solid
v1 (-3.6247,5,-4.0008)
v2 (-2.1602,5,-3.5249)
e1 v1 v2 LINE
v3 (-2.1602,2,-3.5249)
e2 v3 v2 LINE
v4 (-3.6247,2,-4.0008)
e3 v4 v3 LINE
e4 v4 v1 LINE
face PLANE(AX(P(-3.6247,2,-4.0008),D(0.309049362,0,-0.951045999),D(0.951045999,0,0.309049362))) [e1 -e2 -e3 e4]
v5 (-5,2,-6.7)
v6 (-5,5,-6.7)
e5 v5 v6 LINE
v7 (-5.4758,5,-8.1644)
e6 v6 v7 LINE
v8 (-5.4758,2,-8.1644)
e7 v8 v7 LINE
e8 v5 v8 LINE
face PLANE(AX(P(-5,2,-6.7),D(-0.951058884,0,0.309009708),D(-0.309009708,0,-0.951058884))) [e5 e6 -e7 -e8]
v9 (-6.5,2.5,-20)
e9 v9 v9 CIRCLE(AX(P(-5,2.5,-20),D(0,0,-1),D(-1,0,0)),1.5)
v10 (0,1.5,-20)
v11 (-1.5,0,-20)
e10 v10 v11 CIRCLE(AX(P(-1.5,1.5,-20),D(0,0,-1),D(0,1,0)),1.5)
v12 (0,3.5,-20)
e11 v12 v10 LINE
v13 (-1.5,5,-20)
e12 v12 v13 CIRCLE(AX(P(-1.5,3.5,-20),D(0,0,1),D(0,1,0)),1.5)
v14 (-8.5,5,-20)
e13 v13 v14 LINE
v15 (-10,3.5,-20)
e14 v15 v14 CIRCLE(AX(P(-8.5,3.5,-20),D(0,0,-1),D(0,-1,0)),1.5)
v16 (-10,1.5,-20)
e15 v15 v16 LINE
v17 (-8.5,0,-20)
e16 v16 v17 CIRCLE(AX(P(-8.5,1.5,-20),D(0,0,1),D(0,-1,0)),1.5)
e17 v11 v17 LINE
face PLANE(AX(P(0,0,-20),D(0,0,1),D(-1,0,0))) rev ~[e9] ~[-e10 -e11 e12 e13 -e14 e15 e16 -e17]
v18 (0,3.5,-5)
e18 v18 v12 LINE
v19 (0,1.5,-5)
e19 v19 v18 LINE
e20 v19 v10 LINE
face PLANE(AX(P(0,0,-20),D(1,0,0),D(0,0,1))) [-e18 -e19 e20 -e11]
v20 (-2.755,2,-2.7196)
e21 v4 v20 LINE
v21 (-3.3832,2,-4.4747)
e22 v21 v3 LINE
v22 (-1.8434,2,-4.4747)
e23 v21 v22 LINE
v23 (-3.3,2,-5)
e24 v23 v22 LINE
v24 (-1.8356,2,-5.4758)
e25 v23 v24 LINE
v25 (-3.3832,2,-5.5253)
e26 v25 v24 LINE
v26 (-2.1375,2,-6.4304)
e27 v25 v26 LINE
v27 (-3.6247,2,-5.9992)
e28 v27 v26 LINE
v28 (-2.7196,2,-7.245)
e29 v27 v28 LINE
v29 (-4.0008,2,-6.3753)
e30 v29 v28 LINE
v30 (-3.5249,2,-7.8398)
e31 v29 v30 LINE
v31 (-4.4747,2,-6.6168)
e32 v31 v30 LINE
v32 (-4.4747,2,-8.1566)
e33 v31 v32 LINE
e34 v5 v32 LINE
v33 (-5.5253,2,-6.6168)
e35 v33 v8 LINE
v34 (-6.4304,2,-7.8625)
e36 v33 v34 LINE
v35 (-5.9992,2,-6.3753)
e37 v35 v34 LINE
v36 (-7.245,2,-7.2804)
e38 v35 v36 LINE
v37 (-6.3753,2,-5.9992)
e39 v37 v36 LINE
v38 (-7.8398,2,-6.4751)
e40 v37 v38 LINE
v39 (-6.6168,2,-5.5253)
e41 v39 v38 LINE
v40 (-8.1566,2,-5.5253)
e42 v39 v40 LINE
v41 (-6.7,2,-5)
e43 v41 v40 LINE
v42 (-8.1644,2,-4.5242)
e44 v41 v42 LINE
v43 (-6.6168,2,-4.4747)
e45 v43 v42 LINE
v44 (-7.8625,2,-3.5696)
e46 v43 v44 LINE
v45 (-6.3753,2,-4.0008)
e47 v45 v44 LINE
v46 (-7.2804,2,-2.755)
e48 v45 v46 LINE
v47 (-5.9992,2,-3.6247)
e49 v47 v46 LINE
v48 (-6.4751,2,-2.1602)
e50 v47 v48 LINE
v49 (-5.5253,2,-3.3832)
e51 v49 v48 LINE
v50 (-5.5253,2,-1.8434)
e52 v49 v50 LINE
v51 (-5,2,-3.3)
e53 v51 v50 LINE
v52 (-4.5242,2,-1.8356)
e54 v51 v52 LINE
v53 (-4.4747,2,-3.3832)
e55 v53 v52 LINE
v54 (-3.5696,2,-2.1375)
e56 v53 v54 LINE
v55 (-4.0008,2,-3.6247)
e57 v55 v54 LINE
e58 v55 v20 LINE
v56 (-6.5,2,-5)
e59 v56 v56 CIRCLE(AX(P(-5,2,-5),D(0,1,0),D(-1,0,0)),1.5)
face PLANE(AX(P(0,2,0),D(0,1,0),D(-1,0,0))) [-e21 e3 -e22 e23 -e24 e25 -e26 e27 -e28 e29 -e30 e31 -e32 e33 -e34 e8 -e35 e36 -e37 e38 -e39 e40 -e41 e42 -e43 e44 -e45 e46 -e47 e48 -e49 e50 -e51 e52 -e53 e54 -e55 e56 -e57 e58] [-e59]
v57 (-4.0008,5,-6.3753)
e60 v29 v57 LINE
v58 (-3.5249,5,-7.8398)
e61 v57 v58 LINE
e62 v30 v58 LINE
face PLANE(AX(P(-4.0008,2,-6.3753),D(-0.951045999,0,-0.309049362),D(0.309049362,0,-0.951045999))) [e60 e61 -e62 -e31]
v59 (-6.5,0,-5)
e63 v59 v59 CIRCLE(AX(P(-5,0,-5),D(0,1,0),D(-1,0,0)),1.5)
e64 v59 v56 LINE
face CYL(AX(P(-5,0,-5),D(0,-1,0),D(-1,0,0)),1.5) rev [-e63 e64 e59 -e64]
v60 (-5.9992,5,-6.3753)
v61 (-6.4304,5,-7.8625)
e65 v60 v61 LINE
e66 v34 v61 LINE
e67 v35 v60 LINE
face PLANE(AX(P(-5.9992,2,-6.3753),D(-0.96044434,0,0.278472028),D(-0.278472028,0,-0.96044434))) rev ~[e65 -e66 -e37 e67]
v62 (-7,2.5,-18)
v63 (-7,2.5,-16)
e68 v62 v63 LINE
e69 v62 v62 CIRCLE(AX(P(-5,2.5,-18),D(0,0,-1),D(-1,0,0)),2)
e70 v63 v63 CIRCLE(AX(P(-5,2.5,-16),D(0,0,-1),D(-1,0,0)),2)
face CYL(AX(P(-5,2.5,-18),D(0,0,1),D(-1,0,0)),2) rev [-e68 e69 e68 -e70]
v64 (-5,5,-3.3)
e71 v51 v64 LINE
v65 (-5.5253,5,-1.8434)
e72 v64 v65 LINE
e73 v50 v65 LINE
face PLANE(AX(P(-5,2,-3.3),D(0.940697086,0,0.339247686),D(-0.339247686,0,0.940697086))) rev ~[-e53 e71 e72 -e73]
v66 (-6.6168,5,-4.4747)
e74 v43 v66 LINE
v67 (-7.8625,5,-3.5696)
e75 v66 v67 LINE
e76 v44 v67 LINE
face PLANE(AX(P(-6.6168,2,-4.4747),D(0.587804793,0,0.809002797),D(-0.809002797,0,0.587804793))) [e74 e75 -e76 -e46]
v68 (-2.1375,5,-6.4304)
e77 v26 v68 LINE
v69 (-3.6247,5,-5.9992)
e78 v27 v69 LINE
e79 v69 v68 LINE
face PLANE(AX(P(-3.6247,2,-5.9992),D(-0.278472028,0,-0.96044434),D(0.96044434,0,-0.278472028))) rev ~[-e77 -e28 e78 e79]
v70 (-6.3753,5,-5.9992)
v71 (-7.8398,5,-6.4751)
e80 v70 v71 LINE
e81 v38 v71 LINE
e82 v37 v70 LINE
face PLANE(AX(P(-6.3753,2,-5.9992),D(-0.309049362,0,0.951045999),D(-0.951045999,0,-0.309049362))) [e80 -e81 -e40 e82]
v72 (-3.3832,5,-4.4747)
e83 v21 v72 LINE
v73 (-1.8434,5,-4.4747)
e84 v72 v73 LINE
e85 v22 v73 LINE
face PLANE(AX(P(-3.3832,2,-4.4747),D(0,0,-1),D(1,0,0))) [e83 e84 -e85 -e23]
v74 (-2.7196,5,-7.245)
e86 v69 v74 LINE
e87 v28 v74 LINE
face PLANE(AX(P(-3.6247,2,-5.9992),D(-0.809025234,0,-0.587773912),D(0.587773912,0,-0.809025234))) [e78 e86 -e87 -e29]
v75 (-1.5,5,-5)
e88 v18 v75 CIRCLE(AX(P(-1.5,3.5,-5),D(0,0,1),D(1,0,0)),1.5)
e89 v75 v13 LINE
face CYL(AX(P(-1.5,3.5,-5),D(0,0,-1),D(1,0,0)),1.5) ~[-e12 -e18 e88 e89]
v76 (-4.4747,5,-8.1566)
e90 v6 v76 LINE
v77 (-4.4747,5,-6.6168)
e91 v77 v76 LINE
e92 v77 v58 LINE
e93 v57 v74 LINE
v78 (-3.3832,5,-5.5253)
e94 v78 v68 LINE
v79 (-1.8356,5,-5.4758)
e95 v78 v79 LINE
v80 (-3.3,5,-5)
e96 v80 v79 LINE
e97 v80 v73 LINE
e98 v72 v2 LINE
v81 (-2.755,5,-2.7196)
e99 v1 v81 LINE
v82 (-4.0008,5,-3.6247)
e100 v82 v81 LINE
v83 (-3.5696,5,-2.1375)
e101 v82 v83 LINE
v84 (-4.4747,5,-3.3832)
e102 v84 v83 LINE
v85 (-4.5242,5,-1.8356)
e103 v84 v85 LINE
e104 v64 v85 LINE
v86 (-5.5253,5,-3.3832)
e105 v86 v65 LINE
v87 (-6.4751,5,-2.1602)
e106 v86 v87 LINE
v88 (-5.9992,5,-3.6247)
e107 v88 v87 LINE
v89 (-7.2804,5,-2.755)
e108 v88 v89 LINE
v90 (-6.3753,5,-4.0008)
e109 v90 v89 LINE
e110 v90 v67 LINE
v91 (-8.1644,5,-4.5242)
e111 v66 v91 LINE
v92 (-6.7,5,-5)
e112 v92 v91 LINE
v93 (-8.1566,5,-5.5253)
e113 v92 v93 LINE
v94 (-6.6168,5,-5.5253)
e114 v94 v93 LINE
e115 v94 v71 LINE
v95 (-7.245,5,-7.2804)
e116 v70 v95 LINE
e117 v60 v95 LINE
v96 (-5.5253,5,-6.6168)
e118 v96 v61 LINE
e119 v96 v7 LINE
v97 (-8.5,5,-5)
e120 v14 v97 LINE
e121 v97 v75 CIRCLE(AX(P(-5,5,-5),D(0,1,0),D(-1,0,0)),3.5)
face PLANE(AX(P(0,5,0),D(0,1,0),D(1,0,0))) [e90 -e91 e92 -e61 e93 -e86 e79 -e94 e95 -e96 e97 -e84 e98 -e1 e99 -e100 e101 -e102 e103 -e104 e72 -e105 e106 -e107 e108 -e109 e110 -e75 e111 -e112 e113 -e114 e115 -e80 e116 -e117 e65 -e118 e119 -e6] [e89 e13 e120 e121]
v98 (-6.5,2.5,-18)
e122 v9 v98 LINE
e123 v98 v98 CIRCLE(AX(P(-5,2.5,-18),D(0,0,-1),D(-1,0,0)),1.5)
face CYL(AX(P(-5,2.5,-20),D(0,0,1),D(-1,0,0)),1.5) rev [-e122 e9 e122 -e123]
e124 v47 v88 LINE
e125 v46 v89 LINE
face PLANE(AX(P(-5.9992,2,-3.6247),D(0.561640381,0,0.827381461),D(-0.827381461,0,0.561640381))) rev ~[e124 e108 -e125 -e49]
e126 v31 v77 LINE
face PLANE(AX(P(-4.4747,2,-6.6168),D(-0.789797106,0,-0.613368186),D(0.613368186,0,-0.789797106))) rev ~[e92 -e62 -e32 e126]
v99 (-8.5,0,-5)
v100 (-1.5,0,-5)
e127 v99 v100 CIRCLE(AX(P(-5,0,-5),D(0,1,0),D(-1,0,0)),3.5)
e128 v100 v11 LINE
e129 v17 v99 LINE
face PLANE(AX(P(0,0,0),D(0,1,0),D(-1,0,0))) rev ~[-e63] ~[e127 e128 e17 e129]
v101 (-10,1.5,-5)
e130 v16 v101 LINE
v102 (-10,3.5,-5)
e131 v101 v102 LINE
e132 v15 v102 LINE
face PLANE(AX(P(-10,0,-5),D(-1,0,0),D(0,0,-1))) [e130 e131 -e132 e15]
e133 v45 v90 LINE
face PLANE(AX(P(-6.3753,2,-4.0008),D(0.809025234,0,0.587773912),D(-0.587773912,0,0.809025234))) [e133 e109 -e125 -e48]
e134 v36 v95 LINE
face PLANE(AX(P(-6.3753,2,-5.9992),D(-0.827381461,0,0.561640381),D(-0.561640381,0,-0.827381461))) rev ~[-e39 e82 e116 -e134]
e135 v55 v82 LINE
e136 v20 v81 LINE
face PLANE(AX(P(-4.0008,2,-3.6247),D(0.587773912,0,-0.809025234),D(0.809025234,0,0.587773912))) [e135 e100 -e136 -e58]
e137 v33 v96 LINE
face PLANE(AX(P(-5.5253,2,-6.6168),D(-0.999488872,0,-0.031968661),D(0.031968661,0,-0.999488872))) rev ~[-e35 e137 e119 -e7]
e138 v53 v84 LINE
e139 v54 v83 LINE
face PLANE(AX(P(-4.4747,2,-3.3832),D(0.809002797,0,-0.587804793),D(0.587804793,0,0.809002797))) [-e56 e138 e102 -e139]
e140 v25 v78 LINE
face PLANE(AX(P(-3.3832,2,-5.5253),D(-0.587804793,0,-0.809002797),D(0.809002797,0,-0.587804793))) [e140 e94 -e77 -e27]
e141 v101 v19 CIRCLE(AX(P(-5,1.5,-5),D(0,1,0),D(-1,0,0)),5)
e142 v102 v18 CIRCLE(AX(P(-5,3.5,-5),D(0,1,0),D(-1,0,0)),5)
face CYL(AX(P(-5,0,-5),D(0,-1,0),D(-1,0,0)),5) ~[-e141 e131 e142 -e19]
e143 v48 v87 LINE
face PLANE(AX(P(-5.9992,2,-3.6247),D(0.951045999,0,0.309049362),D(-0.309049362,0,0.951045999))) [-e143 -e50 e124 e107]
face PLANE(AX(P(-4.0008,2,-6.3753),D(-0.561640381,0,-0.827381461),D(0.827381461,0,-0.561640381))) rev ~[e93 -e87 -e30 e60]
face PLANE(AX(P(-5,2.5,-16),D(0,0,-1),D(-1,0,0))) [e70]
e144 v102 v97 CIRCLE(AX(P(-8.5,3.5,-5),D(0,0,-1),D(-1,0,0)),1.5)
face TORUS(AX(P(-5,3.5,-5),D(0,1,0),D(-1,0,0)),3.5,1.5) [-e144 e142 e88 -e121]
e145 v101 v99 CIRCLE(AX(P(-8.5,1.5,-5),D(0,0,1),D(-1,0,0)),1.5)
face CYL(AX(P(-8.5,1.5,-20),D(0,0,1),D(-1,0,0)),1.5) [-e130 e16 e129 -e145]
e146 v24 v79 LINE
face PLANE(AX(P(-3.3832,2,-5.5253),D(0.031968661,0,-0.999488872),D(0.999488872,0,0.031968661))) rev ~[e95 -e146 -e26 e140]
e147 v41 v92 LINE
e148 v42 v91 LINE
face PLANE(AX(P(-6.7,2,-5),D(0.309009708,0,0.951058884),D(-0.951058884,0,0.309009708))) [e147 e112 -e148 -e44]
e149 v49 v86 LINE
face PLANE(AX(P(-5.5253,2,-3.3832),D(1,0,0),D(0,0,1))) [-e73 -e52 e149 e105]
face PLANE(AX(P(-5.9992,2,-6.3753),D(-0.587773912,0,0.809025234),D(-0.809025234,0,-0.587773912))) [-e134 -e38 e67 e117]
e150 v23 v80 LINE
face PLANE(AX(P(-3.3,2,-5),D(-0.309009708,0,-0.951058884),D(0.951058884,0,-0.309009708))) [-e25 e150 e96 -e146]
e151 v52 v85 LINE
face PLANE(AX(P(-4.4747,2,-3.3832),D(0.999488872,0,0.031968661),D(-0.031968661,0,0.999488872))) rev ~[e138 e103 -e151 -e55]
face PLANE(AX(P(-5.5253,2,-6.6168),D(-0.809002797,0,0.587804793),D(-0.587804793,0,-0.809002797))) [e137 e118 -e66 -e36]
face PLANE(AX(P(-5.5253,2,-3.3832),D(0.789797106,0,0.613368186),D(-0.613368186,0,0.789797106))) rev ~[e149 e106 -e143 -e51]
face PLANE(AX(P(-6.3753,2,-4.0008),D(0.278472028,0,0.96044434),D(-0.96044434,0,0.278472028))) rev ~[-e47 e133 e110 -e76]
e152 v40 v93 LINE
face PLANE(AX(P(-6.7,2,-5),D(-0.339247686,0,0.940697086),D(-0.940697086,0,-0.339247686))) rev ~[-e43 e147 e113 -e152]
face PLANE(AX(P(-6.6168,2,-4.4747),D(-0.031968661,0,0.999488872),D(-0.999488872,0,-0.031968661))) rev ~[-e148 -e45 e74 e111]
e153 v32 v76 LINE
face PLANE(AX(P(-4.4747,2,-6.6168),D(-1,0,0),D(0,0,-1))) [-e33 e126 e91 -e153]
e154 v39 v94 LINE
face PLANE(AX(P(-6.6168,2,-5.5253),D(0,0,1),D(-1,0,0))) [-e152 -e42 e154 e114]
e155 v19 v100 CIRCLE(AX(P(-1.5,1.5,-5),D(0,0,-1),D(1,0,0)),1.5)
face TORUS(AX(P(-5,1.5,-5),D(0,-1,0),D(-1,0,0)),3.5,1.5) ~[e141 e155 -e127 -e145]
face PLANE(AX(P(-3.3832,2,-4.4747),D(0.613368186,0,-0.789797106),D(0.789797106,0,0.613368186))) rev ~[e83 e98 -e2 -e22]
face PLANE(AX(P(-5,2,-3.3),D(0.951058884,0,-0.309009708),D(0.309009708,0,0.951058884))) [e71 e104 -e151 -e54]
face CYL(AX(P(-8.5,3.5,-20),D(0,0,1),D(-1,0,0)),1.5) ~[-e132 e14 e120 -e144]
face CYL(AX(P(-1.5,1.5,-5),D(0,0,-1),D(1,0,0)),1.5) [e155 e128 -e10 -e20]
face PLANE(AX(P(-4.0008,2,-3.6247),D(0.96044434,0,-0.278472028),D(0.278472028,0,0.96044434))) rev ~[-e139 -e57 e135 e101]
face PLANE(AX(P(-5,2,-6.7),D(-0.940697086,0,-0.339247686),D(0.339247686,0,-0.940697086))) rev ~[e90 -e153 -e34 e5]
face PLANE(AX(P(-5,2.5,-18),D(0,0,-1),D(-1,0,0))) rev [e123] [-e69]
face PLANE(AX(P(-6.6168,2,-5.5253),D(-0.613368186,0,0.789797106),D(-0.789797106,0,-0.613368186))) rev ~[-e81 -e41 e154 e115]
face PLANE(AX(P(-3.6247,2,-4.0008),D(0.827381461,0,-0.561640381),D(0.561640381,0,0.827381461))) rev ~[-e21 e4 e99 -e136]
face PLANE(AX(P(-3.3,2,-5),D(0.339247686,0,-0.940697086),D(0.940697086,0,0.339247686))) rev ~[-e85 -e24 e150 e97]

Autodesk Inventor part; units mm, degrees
ref_plane "YZ Plane" through (0, 0, 0) normal (1, 0, 0) x (0, 1, 0)
ref_plane "XZ Plane" through (0, 0, 0) normal (0, 1, 0) x (-1, 0, 0)
sketch "Horn Base Profile" plane through (0, 0, 0) normal (0, 1, 0) x (-1, 0, 0)
  line L0 (0, 0) -> (10, 0) construction
  line L1 (10, 0) -> (10, -20) construction
  line L2 (10, -20) -> (0, -20) construction
  line L3 (0, -20) -> (0, 0) construction
  arc A0 (10, -5) -> (0, -5) centre (5, -5) ccw
  line L4 (10, -5) -> (10, -20)
  line L5 (0, -20) -> (10, -20)
  line L6 (0, -20) -> (0, -5)
  circle A1 centre (5, -5) radius 1.5
  dimension "d0" = 10
  dimension "d1" = 20
  dimension "d2" = 3
extrude "Horn Base" add sketch "Horn Base Profile" along normal blind 2
sketch "Spline Profile" plane through (0, 2, 0) normal (0, 1, 0) x (1, 0, 0)
  line L0 (-10, 20) -> (-10, 5) projected
  arc A0 (-10, 5) -> (0, 5) centre (-5, 5) ccw projected
  line L1 (0, 5) -> (0, 20) projected
  line L2 (0, 20) -> (-10, 20) projected
  circle A1 centre (-5, 5) radius 1.7 construction
  circle A2 centre (-5, 5) radius 3.2 construction
  line L3 (-5, 5) -> (-5, 3.3) construction
  line L4 (-5, 5) -> (-5.5253, 3.3832) construction
  line L5 (-5, 3.3) -> (-5.5253, 1.8434)
  line L6 (-5.5253, 3.3832) -> (-5.5253, 1.8434)
  line L7 (-4.4747, 3.3832) -> (-4.5242, 1.8356)
  line L8 (-5, 3.3) -> (-4.5242, 1.8356)
  line L9 (-4.0008, 3.6247) -> (-3.5696, 2.1375)
  line L10 (-4.4747, 3.3832) -> (-3.5696, 2.1375)
  line L11 (-3.6247, 4.0008) -> (-2.755, 2.7196)
  line L12 (-4.0008, 3.6247) -> (-2.755, 2.7196)
  line L13 (-3.3832, 4.4747) -> (-2.1602, 3.5249)
  line L14 (-3.6247, 4.0008) -> (-2.1602, 3.5249)
  line L15 (-3.3, 5) -> (-1.8434, 4.4747)
  line L16 (-3.3832, 4.4747) -> (-1.8434, 4.4747)
  line L17 (-3.3832, 5.5253) -> (-1.8356, 5.4758)
  line L18 (-3.3, 5) -> (-1.8356, 5.4758)
  line L19 (-3.6247, 5.9992) -> (-2.1375, 6.4304)
  line L20 (-3.3832, 5.5253) -> (-2.1375, 6.4304)
  line L21 (-4.0008, 6.3753) -> (-2.7196, 7.245)
  line L22 (-3.6247, 5.9992) -> (-2.7196, 7.245)
  line L23 (-4.4747, 6.6168) -> (-3.5249, 7.8398)
  line L24 (-4.0008, 6.3753) -> (-3.5249, 7.8398)
  line L25 (-5, 6.7) -> (-4.4747, 8.1566)
  line L26 (-4.4747, 6.6168) -> (-4.4747, 8.1566)
  line L27 (-5.5253, 6.6168) -> (-5.4758, 8.1644)
  line L28 (-5, 6.7) -> (-5.4758, 8.1644)
  line L29 (-5.9992, 6.3753) -> (-6.4304, 7.8625)
  line L30 (-5.5253, 6.6168) -> (-6.4304, 7.8625)
  line L31 (-6.3753, 5.9992) -> (-7.245, 7.2804)
  line L32 (-5.9992, 6.3753) -> (-7.245, 7.2804)
  line L33 (-6.6168, 5.5253) -> (-7.8398, 6.4751)
  line L34 (-6.3753, 5.9992) -> (-7.8398, 6.4751)
  line L35 (-6.7, 5) -> (-8.1566, 5.5253)
  line L36 (-6.6168, 5.5253) -> (-8.1566, 5.5253)
  line L37 (-6.6168, 4.4747) -> (-8.1644, 4.5242)
  line L38 (-6.7, 5) -> (-8.1644, 4.5242)
  line L39 (-6.3753, 4.0008) -> (-7.8625, 3.5696)
  line L40 (-6.6168, 4.4747) -> (-7.8625, 3.5696)
  line L41 (-5.9992, 3.6247) -> (-7.2804, 2.755)
  line L42 (-6.3753, 4.0008) -> (-7.2804, 2.755)
  line L43 (-5.5253, 3.3832) -> (-6.4751, 2.1602)
  line L44 (-5.9992, 3.6247) -> (-6.4751, 2.1602)
  point P0 (0, 0)
  dimension "d5" = 3.4
  dimension "d6" = 1.5
  dimension "d7" = 18
  dimension "d11" = 360
extrude "Servo Spline Cut" add sketch "Spline Profile" along normal blind 3
ref_plane "Work Plane (Clip Axis)" through (0, 2.5, 0) normal (0, 1, 0) x (1, 0, 0)
sketch "Clip Cut Profile" plane through (0, 2.5, 0) normal (0, 1, 0) x (1, 0, 0)
  line L0 (0, 20) -> (-10, 20) construction
  arc A0 (-10, 5) -> (0, 5) centre (-5, 5) ccw construction
  line L1 (0, 5) -> (0, 20) construction
  line L2 (0, 20) -> (-10, 20) construction
  line L3 (-10, 20) -> (-10, 5) construction
  line L4 (-4.4747, 3.3832) -> (-4.5242, 1.8356) construction
  line L5 (-4.5242, 1.8356) -> (-5, 3.3) construction
  line L6 (-5, 3.3) -> (-5.5253, 1.8434) construction
  line L7 (-5.5253, 1.8434) -> (-5.5253, 3.3832) construction
  line L8 (-5.5253, 3.3832) -> (-6.4751, 2.1602) construction
  line L9 (-6.4751, 2.1602) -> (-5.9992, 3.6247) construction
  line L10 (-5.9992, 3.6247) -> (-7.2804, 2.755) construction
  line L11 (-7.2804, 2.755) -> (-6.3753, 4.0008) construction
  line L12 (-6.3753, 4.0008) -> (-7.8625, 3.5696) construction
  line L13 (-7.8625, 3.5696) -> (-6.6168, 4.4747) construction
  line L14 (-6.6168, 4.4747) -> (-8.1644, 4.5242) construction
  line L15 (-8.1644, 4.5242) -> (-6.7, 5) construction
  line L16 (-6.7, 5) -> (-8.1566, 5.5253) construction
  line L17 (-8.1566, 5.5253) -> (-6.6168, 5.5253) construction
  line L18 (-6.6168, 5.5253) -> (-7.8398, 6.4751) construction
  line L19 (-7.8398, 6.4751) -> (-6.3753, 5.9992) construction
  line L20 (-6.3753, 5.9992) -> (-7.245, 7.2804) construction
  line L21 (-7.245, 7.2804) -> (-5.9992, 6.3753) construction
  line L22 (-5.9992, 6.3753) -> (-6.4304, 7.8625) construction
  line L23 (-6.4304, 7.8625) -> (-5.5253, 6.6168) construction
  line L24 (-5.5253, 6.6168) -> (-5.4758, 8.1644) construction
  line L25 (-5.4758, 8.1644) -> (-5, 6.7) construction
  line L26 (-5, 6.7) -> (-4.4747, 8.1566) construction
  line L27 (-4.4747, 8.1566) -> (-4.4747, 6.6168) construction
  line L28 (-4.4747, 6.6168) -> (-3.5249, 7.8398) construction
  line L29 (-3.5249, 7.8398) -> (-4.0008, 6.3753) construction
  line L30 (-4.0008, 6.3753) -> (-2.7196, 7.245) construction
  line L31 (-2.7196, 7.245) -> (-3.6247, 5.9992) construction
  line L32 (-3.6247, 5.9992) -> (-2.1375, 6.4304) construction
  line L33 (-2.1375, 6.4304) -> (-3.3832, 5.5253) construction
  line L34 (-3.3832, 5.5253) -> (-1.8356, 5.4758) construction
  line L35 (-1.8356, 5.4758) -> (-3.3, 5) construction
  line L36 (-3.3, 5) -> (-1.8434, 4.4747) construction
  line L37 (-1.8434, 4.4747) -> (-3.3832, 4.4747) construction
  line L38 (-3.3832, 4.4747) -> (-2.1602, 3.5249) construction
  line L39 (-2.1602, 3.5249) -> (-3.6247, 4.0008) construction
  line L40 (-3.6247, 4.0008) -> (-2.755, 2.7196) construction
  line L41 (-2.755, 2.7196) -> (-4.0008, 3.6247) construction
  line L42 (-4.0008, 3.6247) -> (-3.5696, 2.1375) construction
  line L43 (-3.5696, 2.1375) -> (-4.4747, 3.3832) construction
  line L44 (0, 5) -> (0, 20) construction
  line L45 (0, 20) -> (-10, 20) projected
  line L46 (-5, 20) -> (-6.5, 20)
  line L47 (-6.5, 20) -> (-6.5, 18)
  line L48 (-6.5, 18) -> (-5, 18)
  line L49 (-5, 18) -> (-5, 20)
  line L50 (-5, 18) -> (-7, 18)
  line L51 (-7, 18) -> (-7, 16)
  line L52 (-7, 16) -> (-5, 16)
  line L53 (-5, 16) -> (-5, 18)
  point P0 (0, 0)
  point P1 (-6.5, 18)
  dimension "d16" = 1.5
  dimension "d17" = 2
  dimension "d18" = 2
  dimension "d19" = 2
revolve "Fin Clip Cut" cut sketch "Clip Cut Profile" angle 360 about axis through (-5, 2.5, -18) along (0, 0, -1)
fillet "Fillets (Horn Edges)" radius 1.5 6 edges at (-5, 5, 0) (0, 5, -12.5) (-10, 5, -12.5) (-5, 0, 0) (0, 0, -12.5) (-10, 0, -12.5)
properties part number "flipper_robot_v2_servo_adapter"
